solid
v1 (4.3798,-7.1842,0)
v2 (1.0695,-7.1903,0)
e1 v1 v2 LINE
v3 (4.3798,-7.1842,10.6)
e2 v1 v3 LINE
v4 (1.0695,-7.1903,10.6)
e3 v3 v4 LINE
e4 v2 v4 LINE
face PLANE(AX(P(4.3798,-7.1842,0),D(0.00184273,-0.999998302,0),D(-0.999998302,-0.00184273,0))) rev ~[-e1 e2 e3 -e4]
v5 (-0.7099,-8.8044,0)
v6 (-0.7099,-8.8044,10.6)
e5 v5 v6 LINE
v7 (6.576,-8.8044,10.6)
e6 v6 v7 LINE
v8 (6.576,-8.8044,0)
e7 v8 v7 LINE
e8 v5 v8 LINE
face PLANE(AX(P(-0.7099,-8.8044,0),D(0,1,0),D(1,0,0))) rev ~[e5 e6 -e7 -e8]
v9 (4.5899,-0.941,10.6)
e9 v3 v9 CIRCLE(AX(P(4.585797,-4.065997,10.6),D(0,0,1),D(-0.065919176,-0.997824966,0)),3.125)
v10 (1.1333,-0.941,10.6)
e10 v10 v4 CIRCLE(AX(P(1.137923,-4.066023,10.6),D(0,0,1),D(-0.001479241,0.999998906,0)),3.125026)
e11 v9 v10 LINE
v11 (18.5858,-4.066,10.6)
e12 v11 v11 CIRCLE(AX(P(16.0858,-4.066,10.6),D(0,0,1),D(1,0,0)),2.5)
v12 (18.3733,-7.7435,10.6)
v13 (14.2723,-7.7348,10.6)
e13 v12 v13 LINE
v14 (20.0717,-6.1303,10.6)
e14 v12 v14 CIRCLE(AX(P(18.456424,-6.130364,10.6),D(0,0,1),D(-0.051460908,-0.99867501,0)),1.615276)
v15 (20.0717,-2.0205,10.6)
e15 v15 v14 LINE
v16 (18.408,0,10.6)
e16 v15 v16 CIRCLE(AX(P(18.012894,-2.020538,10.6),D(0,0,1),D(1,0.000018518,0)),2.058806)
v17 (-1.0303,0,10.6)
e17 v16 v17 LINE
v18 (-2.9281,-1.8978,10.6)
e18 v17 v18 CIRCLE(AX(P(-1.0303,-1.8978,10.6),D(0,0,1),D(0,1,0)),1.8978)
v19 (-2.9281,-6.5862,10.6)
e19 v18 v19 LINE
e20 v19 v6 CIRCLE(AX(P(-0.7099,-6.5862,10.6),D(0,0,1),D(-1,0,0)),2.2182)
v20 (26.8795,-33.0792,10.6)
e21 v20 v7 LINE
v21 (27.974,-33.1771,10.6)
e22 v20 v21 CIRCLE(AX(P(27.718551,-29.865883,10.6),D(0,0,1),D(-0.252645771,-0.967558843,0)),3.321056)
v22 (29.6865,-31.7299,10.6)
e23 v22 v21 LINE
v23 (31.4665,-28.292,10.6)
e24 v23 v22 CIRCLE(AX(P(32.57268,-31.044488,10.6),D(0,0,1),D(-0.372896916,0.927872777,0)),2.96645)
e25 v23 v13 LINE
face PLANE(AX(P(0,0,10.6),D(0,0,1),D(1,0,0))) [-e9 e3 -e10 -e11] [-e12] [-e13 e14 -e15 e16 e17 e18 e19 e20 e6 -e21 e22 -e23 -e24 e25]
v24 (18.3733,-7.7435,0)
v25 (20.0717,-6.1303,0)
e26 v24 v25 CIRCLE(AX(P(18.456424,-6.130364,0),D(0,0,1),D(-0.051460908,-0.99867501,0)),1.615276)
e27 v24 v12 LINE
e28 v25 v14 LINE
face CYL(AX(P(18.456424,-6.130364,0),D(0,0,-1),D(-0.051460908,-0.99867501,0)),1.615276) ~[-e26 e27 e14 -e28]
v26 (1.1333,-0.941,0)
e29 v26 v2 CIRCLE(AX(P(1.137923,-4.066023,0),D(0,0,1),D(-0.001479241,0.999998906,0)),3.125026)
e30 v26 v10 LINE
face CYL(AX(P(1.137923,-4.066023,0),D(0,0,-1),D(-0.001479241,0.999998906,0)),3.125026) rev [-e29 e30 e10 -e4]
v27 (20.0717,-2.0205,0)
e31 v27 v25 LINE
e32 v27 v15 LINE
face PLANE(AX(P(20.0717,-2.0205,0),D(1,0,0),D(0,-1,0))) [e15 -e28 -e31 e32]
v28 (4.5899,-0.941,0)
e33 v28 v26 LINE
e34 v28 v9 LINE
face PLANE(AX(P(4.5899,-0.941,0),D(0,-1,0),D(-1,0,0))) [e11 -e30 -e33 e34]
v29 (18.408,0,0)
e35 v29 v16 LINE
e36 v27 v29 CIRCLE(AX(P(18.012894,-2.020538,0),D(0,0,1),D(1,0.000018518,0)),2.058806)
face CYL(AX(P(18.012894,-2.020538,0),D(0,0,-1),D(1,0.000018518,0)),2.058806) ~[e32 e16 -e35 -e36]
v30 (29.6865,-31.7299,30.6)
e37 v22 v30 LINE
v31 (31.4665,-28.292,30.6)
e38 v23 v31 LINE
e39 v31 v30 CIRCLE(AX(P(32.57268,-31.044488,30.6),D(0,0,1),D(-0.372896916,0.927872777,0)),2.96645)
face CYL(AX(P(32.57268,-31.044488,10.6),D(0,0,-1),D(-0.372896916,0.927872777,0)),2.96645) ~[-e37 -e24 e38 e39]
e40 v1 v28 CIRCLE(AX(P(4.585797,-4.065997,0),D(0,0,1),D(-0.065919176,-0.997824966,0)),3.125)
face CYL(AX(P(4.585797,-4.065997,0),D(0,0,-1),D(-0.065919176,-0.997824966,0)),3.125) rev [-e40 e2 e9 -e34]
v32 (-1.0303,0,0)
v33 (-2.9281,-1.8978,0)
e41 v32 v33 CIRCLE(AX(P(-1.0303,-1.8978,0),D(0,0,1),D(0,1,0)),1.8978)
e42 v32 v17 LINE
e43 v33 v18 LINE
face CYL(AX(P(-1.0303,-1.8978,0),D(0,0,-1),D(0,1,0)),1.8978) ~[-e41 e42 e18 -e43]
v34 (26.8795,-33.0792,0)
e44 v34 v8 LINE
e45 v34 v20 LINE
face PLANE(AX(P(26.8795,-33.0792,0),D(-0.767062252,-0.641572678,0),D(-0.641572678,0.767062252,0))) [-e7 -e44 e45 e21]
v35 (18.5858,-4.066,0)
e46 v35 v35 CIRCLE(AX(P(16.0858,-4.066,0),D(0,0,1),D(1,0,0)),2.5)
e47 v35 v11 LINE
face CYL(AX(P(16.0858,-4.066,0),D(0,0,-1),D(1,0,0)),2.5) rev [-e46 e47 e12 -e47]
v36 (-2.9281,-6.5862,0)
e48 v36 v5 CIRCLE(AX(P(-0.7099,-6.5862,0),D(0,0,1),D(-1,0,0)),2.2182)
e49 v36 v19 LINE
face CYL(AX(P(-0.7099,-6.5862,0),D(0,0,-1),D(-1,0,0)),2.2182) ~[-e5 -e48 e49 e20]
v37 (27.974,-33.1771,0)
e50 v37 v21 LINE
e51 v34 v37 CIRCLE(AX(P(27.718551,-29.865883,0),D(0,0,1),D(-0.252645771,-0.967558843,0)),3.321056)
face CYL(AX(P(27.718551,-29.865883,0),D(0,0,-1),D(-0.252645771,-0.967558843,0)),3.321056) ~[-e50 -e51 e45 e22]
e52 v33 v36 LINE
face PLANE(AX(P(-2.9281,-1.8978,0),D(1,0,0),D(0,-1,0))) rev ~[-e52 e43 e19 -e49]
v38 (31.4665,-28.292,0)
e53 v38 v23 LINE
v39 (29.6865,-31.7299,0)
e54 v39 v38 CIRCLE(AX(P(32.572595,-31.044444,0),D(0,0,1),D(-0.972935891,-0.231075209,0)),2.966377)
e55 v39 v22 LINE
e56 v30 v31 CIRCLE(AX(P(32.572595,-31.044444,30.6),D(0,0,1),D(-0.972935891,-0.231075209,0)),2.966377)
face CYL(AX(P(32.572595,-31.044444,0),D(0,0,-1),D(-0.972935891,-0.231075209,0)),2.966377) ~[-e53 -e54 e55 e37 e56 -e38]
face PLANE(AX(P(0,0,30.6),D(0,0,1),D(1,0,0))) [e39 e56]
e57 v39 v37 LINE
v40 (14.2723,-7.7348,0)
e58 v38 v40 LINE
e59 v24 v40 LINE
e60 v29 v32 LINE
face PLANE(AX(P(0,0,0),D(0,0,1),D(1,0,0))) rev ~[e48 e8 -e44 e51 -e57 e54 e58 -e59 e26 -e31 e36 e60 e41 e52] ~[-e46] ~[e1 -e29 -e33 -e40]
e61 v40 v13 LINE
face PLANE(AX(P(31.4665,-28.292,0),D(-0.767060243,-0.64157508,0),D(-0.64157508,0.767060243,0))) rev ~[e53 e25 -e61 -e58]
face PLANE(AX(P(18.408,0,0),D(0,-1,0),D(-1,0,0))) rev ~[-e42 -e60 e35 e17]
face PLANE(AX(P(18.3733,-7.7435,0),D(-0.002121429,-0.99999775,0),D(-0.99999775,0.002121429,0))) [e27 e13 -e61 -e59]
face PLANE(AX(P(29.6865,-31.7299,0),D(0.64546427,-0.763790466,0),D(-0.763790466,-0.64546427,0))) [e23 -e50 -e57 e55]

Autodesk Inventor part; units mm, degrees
ref_plane "YZ Plane" through (0, 0, 0) normal (1, 0, 0) x (0, 1, 0)
ref_plane "XZ Plane" through (0, 0, 0) normal (0, 1, 0) x (-1, 0, 0)
ref_plane "XY Plane" through (0, 0, 0) normal (0, 0, 1) x (1, 0, 0)
sketch "スケッチ1" plane through (0, 0, 0) normal (0, 0, 1) x (1, 0, 0)
  line L0 (18.3733, -7.7435) -> (14.2723, -7.7348)
  arc A0 (18.3733, -7.7435) -> (20.0717, -6.1303) centre (18.4564, -6.1303) ccw
  line L1 (20.0717, -2.0205) -> (20.0717, -6.1303)
  line L2 (18.408, 0) -> (-1.0303, 0)
  arc A1 (-1.0303, 0) -> (-2.9281, -1.8978) centre (-1.0303, -1.8978) ccw
  line L3 (-2.9281, -1.8978) -> (-2.9281, -6.5862)
  arc A2 (-2.9281, -6.5862) -> (-0.7099, -8.8044) centre (-0.7099, -6.5862) ccw
  arc A3 (26.8795, -33.0792) -> (27.974, -33.1771) centre (27.7186, -29.8656) ccw
  line L4 (29.6865, -31.7299) -> (27.974, -33.1771)
  arc A4 (29.6865, -31.7299) -> (31.4665, -28.292) centre (32.5726, -31.0444) ccw
  line L5 (31.4665, -28.292) -> (14.2723, -7.7348)
  circle A5 centre (16.0858, -4.066) radius 2.5
  line L6 (4.5899, -0.941) -> (1.1333, -0.941)
  arc A6 (4.3798, -7.1842) -> (4.5899, -0.941) centre (4.5858, -4.066) ccw
  line L7 (4.3798, -7.1842) -> (1.0695, -7.1903)
  arc A7 (1.1333, -0.941) -> (1.0695, -7.1903) centre (1.1379, -4.066) ccw
  line L8 (26.8795, -33.0792) -> (6.576, -8.8044)
  line L9 (-0.7099, -8.8044) -> (6.576, -8.8044)
  arc A8 (20.0717, -2.0205) -> (18.408, 0) centre (18.013, -2.0205) ccw
  point P0 (0, 0)
  dimension "d0" = 5
  dimension "d1" = 3.125
  dimension "d17" = 4.8539
  dimension "d24" = 11.5
  dimension "d29" = 14.9479
  dimension "d44" = 4.066
  dimension "d45" = 4.066
  dimension "d46" = 90
  dimension "d47" = 90
  dimension "d48" = 3.125
extrude "押し出し1" add sketch "スケッチ1" along normal blind 10.6
sketch "スケッチ2" plane through (0, 0, 10.6) normal (0, 0, 1) x (1, 0, 0)
  point P0 (0, 0)
sketch "スケッチ3" plane through (0, 0, 10.6) normal (0, 0, 1) x (1, 0, 0)
  arc A0 (29.6865, -31.7299) -> (31.4665, -28.292) centre (32.5726, -31.0444) ccw projected
  arc A1 (31.4665, -28.292) -> (29.6865, -31.7299) centre (32.5726, -31.0444) ccw
  point P0 (0, 0)
extrude "押し出し2" add sketch "スケッチ3" along normal blind 20
equation "\"d45\" = d44"
equation "\"d48\" = d1"
